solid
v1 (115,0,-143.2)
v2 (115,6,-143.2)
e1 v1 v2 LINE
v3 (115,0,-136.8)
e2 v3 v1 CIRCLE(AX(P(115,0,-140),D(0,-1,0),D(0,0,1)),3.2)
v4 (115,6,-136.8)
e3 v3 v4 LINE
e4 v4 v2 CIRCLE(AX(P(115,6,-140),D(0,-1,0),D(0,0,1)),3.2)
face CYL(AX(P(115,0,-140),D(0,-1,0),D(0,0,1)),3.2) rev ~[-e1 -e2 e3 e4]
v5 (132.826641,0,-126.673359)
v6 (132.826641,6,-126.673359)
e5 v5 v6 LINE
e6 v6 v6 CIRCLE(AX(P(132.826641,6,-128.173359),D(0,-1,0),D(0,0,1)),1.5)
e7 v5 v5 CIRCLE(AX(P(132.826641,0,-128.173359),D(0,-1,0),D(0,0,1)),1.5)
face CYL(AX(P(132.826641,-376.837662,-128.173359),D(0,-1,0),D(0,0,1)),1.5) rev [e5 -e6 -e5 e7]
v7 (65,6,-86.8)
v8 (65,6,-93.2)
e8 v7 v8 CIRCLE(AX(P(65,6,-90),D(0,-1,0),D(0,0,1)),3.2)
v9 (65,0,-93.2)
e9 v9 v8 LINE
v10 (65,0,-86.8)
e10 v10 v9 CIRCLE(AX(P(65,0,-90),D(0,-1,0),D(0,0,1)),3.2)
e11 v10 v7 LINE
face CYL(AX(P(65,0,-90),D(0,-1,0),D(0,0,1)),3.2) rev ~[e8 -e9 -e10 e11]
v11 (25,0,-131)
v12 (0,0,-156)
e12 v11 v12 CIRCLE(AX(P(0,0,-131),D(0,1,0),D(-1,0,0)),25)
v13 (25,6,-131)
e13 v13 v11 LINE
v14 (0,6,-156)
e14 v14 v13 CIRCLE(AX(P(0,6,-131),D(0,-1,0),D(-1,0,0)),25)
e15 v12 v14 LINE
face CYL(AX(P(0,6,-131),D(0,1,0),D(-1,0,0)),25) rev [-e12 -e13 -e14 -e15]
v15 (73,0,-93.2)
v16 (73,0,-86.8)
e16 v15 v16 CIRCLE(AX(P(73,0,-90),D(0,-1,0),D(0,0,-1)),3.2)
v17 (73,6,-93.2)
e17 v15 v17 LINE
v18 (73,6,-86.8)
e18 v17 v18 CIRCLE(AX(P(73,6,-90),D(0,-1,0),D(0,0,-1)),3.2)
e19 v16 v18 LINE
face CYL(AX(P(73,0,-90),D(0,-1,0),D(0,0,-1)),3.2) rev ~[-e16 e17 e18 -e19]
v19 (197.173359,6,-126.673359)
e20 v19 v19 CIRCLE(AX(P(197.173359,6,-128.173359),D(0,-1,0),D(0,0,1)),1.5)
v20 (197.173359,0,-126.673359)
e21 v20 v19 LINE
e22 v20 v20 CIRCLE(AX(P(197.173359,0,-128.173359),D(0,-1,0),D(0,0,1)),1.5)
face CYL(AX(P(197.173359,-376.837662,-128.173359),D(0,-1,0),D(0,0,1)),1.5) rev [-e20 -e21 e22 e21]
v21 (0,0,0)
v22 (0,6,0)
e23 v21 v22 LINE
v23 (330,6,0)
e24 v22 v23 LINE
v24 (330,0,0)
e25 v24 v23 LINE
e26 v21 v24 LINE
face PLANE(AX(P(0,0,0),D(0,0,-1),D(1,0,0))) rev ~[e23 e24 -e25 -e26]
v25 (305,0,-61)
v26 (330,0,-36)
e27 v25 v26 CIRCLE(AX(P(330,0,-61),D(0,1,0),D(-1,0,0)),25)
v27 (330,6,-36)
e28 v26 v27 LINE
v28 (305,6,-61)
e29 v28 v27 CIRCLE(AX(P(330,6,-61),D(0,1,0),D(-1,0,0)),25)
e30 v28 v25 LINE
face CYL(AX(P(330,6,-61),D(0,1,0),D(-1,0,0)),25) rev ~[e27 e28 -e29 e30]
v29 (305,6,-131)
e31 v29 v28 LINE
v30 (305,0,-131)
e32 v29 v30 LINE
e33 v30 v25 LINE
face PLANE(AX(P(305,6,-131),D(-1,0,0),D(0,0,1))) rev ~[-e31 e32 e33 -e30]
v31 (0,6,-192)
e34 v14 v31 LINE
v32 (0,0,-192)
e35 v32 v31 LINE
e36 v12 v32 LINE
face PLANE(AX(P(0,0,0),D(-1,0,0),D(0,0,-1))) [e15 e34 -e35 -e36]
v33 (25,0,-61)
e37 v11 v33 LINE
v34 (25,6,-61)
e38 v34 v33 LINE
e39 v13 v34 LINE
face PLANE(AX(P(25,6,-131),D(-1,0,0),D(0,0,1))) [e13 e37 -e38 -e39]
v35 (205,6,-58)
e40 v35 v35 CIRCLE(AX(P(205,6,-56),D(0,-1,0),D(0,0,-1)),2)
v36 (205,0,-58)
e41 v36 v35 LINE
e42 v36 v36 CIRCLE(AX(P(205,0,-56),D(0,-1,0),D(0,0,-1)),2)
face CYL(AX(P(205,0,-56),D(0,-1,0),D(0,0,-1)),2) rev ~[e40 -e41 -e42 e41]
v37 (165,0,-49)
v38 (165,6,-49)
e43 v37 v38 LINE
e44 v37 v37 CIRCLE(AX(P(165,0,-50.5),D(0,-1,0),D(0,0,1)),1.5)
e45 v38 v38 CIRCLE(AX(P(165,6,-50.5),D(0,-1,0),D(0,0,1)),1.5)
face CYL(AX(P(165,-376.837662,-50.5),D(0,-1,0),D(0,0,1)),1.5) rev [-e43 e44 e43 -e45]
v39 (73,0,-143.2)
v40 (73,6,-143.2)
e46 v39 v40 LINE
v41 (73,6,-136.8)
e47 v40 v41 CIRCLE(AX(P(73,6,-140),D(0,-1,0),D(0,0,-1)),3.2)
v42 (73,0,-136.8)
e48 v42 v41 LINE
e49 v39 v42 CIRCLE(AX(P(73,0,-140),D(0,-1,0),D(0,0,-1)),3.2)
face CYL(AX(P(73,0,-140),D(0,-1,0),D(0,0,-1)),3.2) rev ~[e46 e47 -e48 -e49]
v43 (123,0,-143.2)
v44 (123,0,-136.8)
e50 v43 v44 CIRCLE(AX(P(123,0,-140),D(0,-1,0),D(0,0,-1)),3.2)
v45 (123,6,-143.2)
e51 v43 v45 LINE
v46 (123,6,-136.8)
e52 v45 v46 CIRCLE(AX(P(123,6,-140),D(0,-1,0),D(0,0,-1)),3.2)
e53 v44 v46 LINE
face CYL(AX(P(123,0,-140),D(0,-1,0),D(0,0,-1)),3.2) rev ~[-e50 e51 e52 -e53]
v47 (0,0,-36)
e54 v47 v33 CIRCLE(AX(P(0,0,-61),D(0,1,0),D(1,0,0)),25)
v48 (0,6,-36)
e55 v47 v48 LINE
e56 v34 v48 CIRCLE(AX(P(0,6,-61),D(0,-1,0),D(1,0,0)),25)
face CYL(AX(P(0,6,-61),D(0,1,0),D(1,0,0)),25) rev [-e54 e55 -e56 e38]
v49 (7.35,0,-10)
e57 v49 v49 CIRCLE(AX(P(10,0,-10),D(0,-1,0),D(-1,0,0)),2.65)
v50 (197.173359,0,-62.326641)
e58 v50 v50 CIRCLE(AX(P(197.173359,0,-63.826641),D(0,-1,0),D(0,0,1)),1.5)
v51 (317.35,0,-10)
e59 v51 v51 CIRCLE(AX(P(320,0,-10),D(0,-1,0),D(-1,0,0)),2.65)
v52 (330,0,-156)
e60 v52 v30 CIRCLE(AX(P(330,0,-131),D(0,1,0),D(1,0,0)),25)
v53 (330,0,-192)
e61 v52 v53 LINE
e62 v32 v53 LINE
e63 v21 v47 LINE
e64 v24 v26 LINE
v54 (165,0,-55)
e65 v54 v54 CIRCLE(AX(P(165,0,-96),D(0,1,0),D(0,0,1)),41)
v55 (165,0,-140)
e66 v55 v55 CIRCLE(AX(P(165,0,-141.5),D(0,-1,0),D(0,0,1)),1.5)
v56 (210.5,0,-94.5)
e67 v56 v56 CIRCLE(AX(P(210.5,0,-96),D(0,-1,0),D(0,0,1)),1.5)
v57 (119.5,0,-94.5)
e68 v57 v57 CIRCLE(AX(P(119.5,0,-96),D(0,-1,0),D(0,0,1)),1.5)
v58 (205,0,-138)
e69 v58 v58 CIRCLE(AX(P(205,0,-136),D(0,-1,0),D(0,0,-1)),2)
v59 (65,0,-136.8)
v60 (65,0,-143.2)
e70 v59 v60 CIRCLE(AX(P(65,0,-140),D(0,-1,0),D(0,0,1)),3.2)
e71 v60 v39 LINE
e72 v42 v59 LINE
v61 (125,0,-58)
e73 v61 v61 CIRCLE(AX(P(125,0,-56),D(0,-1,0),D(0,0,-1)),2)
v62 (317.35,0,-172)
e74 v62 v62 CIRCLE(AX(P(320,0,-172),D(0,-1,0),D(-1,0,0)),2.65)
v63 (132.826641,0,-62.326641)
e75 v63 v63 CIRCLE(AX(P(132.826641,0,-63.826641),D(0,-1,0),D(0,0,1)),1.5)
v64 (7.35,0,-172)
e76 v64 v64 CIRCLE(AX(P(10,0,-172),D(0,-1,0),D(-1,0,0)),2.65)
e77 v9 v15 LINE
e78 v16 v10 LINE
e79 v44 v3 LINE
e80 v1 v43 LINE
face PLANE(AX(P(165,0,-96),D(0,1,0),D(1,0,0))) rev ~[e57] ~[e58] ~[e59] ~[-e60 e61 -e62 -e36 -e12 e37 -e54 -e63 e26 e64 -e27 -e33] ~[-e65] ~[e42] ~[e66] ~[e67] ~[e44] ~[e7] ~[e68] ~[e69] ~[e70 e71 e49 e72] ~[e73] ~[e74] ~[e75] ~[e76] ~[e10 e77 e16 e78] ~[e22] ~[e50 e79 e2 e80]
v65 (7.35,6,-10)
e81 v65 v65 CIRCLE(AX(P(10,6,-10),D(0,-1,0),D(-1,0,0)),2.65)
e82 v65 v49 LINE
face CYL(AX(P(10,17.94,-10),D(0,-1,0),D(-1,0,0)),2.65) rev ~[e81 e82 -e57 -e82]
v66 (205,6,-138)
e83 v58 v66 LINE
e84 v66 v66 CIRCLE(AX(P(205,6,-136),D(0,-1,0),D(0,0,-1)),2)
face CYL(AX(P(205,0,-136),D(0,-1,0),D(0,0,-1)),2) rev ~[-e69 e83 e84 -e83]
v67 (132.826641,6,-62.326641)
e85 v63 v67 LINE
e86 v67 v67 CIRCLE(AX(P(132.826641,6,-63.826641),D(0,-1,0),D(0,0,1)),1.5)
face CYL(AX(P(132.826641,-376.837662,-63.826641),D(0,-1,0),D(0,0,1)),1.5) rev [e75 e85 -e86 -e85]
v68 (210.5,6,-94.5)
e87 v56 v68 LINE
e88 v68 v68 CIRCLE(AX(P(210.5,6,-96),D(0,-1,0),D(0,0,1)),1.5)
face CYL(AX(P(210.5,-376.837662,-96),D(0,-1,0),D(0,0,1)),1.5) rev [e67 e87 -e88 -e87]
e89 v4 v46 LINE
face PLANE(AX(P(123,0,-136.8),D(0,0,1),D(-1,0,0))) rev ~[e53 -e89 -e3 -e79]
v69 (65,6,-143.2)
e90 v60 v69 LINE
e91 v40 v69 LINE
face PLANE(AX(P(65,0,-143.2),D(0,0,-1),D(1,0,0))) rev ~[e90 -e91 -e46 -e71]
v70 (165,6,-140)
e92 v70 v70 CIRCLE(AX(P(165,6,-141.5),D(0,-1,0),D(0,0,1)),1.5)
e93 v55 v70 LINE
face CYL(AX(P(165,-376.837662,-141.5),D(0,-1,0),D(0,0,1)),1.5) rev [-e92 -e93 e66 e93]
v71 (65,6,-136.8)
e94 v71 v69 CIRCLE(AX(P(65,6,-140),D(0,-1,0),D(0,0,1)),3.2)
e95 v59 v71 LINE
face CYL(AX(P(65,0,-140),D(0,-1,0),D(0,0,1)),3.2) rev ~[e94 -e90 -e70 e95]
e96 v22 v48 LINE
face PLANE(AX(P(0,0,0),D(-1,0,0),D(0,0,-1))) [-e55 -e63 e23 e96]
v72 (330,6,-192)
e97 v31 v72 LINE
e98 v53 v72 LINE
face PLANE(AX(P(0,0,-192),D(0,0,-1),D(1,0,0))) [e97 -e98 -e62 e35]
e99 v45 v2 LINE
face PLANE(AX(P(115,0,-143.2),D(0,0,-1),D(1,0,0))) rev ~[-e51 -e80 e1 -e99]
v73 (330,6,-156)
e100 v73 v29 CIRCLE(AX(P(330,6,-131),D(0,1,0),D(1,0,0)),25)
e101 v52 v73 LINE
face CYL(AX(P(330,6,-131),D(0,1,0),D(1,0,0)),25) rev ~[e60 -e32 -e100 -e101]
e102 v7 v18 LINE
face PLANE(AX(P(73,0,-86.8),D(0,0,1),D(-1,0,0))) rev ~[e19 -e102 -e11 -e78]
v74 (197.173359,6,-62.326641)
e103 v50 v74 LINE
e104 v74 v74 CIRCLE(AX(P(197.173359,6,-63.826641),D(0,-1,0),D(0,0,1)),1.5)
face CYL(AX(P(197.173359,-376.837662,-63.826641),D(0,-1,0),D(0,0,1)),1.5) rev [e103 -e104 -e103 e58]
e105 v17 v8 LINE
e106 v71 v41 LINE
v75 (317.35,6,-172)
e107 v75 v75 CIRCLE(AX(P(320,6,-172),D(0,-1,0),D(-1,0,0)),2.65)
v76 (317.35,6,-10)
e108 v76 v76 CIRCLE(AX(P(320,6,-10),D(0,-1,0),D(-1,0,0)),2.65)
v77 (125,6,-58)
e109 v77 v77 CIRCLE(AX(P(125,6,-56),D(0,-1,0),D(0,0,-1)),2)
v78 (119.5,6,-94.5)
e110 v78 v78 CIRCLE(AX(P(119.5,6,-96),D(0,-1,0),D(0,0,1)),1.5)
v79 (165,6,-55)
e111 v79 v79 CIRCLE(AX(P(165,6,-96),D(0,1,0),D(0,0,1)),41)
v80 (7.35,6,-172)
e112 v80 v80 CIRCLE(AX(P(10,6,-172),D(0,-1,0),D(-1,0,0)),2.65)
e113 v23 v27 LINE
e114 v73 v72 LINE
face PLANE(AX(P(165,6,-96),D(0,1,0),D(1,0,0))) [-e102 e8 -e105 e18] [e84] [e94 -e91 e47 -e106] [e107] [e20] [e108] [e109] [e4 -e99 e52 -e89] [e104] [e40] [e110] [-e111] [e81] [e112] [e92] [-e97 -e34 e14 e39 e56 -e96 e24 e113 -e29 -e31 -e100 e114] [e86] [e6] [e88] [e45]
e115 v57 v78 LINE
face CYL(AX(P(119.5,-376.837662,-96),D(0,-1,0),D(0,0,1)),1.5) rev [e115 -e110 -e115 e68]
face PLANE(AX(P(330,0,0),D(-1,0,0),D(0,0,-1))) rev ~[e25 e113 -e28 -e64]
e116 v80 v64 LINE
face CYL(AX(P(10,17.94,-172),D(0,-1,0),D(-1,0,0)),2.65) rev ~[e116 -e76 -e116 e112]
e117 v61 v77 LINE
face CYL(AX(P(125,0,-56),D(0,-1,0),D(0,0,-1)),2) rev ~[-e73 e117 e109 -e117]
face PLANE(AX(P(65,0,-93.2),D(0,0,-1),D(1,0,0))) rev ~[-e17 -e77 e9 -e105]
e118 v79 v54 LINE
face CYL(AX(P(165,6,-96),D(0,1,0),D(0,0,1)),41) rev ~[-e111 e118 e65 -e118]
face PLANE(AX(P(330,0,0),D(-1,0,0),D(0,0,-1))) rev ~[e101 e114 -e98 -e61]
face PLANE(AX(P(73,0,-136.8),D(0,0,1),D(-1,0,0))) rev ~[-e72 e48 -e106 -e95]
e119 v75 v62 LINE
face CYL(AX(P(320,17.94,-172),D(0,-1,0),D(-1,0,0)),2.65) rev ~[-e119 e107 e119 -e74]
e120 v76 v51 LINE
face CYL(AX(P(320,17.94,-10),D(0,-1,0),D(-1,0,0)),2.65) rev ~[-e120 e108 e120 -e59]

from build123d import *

# Parameters (mm, degrees)
SKETCH1_W                = 330
SKETCH1_H                = 192
BOSS_EXTRUDE1_DEPTH      = 6
CUT_EXTRUDE1_DEPTH       = 382.837661841
CUT_EXTRUDE1_DEPTH_BACK  = 382.837661841
SKETCH2_R                = 1.5
SKETCH3_R                = 41
CUT_EXTRUDE2_DEPTH       = 382.837661841
CUT_EXTRUDE5_DEPTH       = 10
SKETCH11_R               = 2
CUT_EXTRUDE6_DEPTH       = 10
M5_CLEARANCE_HOLE1_D     = 5.3
M5_CLEARANCE_HOLE1_DEPTH = 11.94
M5_CLEARANCE_HOLE1_TIP   = 1.59228064
CUT_EXTRUDE10_DEPTH      = 382.837661841


with BuildPart() as part:
    # Sketch1 → Boss-Extrude1 (new body)
    with BuildSketch(Plane(origin=(0, 0, 0), x_dir=(1, 0, 0), z_dir=(0, 1, 0))):
        with Locations((165, 96)):
            Rectangle(SKETCH1_W, SKETCH1_H)
    extrude(amount=BOSS_EXTRUDE1_DEPTH)

    # Sketch2 → Cut-Extrude1 (cut, two sides: drawn at the far end of the back side and taken through both)
    with BuildSketch(Plane(origin=(0, 6, 0), x_dir=(1, 0, 0), z_dir=(0, 1, 0)).offset(-CUT_EXTRUDE1_DEPTH_BACK)):
        with Locations(Location((165, 141.5, 0), (0, 0, 270))):
            Circle(SKETCH2_R)
        with Locations(Location((197.173358544, 128.173358544, 0), (0, 0, 270))):
            Circle(SKETCH2_R)
        with Locations(Location((210.5, 96, 0), (0, 0, 270))):
            Circle(SKETCH2_R)
        with Locations(Location((165, 50.5, 0), (0, 0, 270))):
            Circle(SKETCH2_R)
        with Locations(Location((132.826641456, 63.826641456, 0), (0, 0, 270))):
            Circle(SKETCH2_R)
        with Locations(Location((119.5, 96, 0), (0, 0, 270))):
            Circle(SKETCH2_R)
        with Locations(Location((132.826641456, 128.173358544, 0), (0, 0, 270))):
            Circle(SKETCH2_R)
        with Locations(Location((197.173358544, 63.826641456, 0), (0, 0, 270))):
            Circle(SKETCH2_R)
    extrude(amount=CUT_EXTRUDE1_DEPTH + CUT_EXTRUDE1_DEPTH_BACK, mode=Mode.SUBTRACT)

    # Sketch3 → Cut-Extrude2 (cut, through all)
    with BuildSketch(Plane(origin=(0, 6, 0), x_dir=(1, 0, 0), z_dir=(0, 1, 0))):
        with Locations(Location((165, 96, 0), (0, 0, 270))):
            Circle(SKETCH3_R)
    extrude(amount=-CUT_EXTRUDE2_DEPTH, mode=Mode.SUBTRACT)

    # Sketch10 → Cut-Extrude5 (cut)
    with BuildSketch(Plane.XZ):
        with BuildLine():
            Line((123, -136.8), (115, -136.8))
            ThreePointArc((115, -136.8), (111.8, -140), (115, -143.2))
            Line((115, -143.2), (123, -143.2))
            ThreePointArc((123, -143.2), (126.2, -140), (123, -136.8))
        make_face()
        with BuildLine():
            Line((73, -136.8), (65, -136.8))
            ThreePointArc((65, -136.8), (61.8, -140), (65, -143.2))
            Line((65, -143.2), (73, -143.2))
            ThreePointArc((73, -143.2), (76.2, -140), (73, -136.8))
        make_face()
        with BuildLine():
            Line((73, -86.8), (65, -86.8))
            ThreePointArc((65, -86.8), (61.8, -90), (65, -93.2))
            Line((65, -93.2), (73, -93.2))
            ThreePointArc((73, -93.2), (76.2, -90), (73, -86.8))
        make_face()
    extrude(amount=-CUT_EXTRUDE5_DEPTH, mode=Mode.SUBTRACT)

    # Sketch11 → Cut-Extrude6 (cut)
    with BuildSketch(Plane.XZ):
        with Locations(Location((125, -56, 0), (0, 0, 270))):
            Circle(SKETCH11_R)
        with Locations(Location((205, -56, 0), (0, 0, 270))):
            Circle(SKETCH11_R)
        with Locations(Location((205, -136, 0), (0, 0, 270))):
            Circle(SKETCH11_R)
    extrude(amount=-CUT_EXTRUDE6_DEPTH, mode=Mode.SUBTRACT)

    # M5 Clearance Hole1
    with Locations(Plane(origin=(0, 6, 0), x_dir=(1, 0, 0), z_dir=(0, 1, 0))):
        with Locations((10, 172), (10, 10), (320, 10), (320, 172)):
            Hole(M5_CLEARANCE_HOLE1_D / 2, depth=M5_CLEARANCE_HOLE1_DEPTH)
            with Locations((0, 0, -(M5_CLEARANCE_HOLE1_DEPTH + M5_CLEARANCE_HOLE1_TIP / 2))):  # 118° drill point
                Cone(0, M5_CLEARANCE_HOLE1_D / 2, M5_CLEARANCE_HOLE1_TIP, mode=Mode.SUBTRACT)

    # Sketch19 → Cut-Extrude10 (cut, through all)
    with BuildSketch(Plane(origin=(0, 6, 0), x_dir=(1, 0, 0), z_dir=(0, 1, 0))):
        with BuildLine():
            Line((25, 131), (25, 61))
            ThreePointArc((25, 61), (0, 36), (-25, 61))
            Line((-25, 61), (-25, 131))
            ThreePointArc((-25, 131), (0, 156), (25, 131))
        make_face()
        with BuildLine():
            Line((305, 131), (305, 61))
            ThreePointArc((305, 61), (330, 36), (355, 61))
            Line((355, 61), (355, 131))
            ThreePointArc((355, 131), (330, 156), (305, 131))
        make_face()
    extrude(amount=-CUT_EXTRUDE10_DEPTH, mode=Mode.SUBTRACT)


solid = part.part
